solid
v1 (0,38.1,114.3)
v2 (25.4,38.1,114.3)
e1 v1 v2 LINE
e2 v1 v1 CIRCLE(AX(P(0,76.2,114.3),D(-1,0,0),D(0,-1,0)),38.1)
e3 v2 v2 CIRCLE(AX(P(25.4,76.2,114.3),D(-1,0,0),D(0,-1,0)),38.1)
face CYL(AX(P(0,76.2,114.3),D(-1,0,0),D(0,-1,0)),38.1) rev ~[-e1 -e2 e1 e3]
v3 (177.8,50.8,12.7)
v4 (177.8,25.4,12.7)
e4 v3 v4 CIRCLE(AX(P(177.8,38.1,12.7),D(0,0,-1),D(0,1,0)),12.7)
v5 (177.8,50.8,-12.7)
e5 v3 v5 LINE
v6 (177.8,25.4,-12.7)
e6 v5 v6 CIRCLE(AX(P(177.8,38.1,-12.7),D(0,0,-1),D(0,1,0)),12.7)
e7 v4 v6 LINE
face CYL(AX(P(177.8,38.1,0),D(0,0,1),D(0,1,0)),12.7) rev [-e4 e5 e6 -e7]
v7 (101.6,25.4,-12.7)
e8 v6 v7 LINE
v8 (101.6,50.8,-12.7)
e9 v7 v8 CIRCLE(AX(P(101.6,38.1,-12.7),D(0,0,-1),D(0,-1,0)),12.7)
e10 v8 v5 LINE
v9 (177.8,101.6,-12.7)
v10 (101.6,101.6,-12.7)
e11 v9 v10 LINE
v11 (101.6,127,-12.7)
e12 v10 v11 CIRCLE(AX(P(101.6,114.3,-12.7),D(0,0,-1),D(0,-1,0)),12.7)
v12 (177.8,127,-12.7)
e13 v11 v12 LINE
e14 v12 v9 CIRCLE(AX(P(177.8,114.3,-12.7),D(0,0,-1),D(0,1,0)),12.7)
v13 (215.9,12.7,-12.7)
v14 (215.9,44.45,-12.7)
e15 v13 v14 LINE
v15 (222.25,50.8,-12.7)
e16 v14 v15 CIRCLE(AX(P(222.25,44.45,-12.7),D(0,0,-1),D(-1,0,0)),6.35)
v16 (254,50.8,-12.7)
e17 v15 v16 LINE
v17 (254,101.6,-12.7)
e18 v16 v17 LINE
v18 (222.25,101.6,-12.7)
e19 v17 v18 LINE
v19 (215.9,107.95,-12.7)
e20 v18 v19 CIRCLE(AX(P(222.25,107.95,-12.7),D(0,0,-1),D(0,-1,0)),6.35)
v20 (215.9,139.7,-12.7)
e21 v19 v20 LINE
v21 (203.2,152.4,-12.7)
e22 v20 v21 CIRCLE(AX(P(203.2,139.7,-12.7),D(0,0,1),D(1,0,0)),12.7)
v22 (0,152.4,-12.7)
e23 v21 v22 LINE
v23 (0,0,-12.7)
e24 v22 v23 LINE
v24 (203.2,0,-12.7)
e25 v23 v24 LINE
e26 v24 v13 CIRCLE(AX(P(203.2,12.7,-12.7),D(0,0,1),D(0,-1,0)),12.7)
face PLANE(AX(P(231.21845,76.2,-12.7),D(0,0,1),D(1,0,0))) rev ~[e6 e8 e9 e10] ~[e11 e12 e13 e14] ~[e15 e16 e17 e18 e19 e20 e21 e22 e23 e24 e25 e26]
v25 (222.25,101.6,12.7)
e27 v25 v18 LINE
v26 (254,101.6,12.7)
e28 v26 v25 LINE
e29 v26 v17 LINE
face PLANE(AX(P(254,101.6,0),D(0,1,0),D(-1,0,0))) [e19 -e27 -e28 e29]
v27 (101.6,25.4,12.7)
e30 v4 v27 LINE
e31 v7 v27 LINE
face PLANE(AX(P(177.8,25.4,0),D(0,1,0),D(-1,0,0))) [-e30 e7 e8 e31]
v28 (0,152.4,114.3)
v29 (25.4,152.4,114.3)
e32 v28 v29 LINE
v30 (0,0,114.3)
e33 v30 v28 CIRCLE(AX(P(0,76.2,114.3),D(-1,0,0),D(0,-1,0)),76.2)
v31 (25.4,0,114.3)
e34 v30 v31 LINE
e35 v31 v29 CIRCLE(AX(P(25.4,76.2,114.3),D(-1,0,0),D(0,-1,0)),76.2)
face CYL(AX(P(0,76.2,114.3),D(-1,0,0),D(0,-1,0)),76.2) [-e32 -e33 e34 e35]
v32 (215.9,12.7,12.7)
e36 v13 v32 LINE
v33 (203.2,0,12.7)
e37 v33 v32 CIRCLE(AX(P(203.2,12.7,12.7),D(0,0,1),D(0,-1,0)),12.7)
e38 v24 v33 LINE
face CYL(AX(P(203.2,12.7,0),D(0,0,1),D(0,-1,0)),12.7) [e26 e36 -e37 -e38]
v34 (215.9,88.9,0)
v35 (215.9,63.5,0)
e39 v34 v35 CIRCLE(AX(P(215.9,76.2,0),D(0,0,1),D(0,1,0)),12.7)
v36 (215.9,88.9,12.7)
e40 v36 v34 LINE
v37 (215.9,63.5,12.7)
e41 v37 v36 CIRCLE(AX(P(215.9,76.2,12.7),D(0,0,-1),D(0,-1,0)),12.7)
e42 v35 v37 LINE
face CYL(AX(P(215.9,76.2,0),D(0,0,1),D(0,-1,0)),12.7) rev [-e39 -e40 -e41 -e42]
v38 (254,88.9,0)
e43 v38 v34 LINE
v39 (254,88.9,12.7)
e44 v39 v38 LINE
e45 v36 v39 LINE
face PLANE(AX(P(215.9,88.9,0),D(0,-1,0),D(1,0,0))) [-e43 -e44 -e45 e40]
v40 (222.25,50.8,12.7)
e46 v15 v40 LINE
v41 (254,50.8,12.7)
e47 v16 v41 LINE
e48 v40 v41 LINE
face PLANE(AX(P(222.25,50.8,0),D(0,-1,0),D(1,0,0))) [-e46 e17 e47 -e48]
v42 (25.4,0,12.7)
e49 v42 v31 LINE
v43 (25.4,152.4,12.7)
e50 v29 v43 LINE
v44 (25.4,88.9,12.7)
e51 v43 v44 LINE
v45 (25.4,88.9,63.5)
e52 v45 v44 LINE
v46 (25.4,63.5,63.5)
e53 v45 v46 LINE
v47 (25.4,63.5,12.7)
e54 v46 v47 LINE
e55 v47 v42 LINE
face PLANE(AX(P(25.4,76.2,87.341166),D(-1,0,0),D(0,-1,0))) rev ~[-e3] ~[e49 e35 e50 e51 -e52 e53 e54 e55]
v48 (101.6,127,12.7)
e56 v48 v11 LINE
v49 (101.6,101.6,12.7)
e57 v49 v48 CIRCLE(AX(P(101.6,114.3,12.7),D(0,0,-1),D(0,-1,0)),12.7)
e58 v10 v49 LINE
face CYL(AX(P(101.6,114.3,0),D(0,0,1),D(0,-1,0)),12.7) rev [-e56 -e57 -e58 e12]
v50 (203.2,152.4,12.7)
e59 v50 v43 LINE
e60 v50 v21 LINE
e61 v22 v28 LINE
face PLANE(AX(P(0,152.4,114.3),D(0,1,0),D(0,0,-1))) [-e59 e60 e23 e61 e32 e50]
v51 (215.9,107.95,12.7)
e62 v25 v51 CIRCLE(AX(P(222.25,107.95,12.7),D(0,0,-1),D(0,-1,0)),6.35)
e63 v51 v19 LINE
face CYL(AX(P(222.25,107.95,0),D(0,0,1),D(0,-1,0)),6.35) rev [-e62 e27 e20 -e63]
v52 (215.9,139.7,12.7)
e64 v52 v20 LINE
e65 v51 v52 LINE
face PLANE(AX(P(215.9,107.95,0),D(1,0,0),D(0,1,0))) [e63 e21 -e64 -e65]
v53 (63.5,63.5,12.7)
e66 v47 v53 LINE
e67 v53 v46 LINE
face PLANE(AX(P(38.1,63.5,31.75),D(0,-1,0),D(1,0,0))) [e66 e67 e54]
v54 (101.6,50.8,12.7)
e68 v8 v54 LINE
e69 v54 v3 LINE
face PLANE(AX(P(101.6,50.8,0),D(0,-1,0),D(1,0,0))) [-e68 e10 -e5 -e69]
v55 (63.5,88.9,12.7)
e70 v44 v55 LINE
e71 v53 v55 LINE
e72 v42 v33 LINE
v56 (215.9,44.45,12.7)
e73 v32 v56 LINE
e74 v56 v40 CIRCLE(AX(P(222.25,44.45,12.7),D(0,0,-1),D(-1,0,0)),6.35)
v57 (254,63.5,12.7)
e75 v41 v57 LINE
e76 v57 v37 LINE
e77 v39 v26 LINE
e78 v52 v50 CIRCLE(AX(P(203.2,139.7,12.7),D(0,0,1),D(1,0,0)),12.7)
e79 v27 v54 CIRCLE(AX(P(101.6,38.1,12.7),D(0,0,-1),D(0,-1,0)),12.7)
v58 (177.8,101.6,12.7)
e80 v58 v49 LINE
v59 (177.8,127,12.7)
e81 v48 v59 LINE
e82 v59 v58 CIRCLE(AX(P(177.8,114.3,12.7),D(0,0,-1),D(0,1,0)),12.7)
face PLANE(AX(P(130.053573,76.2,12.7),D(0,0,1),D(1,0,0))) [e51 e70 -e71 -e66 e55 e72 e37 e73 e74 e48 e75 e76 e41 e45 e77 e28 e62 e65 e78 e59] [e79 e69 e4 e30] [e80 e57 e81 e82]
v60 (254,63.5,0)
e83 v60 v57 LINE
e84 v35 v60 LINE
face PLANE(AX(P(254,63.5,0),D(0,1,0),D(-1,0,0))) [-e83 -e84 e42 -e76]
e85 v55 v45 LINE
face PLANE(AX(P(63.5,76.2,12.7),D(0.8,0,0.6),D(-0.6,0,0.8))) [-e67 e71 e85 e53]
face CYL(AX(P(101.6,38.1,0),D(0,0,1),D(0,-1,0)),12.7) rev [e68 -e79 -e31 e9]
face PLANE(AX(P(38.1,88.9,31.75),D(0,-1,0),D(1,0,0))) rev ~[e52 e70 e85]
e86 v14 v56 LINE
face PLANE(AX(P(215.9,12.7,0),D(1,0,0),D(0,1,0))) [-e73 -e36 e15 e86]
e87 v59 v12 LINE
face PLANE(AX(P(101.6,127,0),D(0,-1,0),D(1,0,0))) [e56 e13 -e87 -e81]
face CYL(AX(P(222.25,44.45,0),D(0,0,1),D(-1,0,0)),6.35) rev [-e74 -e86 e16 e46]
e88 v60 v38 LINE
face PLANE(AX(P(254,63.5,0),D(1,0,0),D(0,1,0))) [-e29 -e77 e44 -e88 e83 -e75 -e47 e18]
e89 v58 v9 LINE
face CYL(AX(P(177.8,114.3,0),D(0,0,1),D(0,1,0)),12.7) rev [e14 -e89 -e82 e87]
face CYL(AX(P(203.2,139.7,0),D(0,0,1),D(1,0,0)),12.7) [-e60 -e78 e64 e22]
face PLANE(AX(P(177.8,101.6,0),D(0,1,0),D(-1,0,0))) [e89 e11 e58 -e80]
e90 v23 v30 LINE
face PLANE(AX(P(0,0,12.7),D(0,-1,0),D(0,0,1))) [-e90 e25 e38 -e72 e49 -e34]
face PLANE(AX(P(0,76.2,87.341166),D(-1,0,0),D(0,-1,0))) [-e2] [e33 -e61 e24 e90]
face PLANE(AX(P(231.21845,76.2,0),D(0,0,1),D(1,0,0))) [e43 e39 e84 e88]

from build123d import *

# Parameters (mm, degrees)
F1_DEPTH = 12.7
F2_DEPTH = 12.7
F3_R     = 38.1
F4_DEPTH = 25.4
F7_DEPTH = 12.7


with BuildPart() as f1:
    # F0 (on Top) → F1 (new body, symmetric)
    with BuildSketch(Plane.XY):
        with BuildLine():
            Line((0, 152.4), (0, 0))
            Line((0, 0), (203.2, 0))
            ThreePointArc((203.2, 0), (212.1802561211, 3.7197438789), (215.9, 12.7))
            Line((215.9, 12.7), (215.9, 44.45))
            ThreePointArc((215.9, 44.45), (217.7598719395, 48.9401280605), (222.25, 50.8))
            Line((222.25, 50.8), (254, 50.8))
            Line((254, 50.8), (254, 63.5))
            Line((254, 63.5), (215.9, 63.5))
            ThreePointArc((215.9, 63.5), (203.2, 76.2), (215.9, 88.9))
            Line((215.9, 88.9), (254, 88.9))
            Line((254, 88.9), (254, 101.6))
            Line((254, 101.6), (222.25, 101.6))
            ThreePointArc((222.25, 101.6), (217.7598719395, 103.4598719395), (215.9, 107.95))
            Line((215.9, 107.95), (215.9, 139.7))
            ThreePointArc((215.9, 139.7), (212.1802561211, 148.6802561211), (203.2, 152.4))
            Line((203.2, 152.4), (0, 152.4))
        make_face()
        with BuildLine():
            ThreePointArc((101.6, 25.4), (88.9, 38.1), (101.6, 50.8))
            Line((101.6, 50.8), (177.8, 50.8))
            ThreePointArc((177.8, 50.8), (190.5, 38.1), (177.8, 25.4))
            Line((177.8, 25.4), (101.6, 25.4))
        make_face(mode=Mode.SUBTRACT)
        with BuildLine():
            ThreePointArc((101.6, 101.6), (88.9, 114.3), (101.6, 127))
            Line((101.6, 127), (177.8, 127))
            ThreePointArc((177.8, 127), (190.5, 114.3), (177.8, 101.6))
            Line((177.8, 101.6), (101.6, 101.6))
        make_face(mode=Mode.SUBTRACT)
    extrude(amount=F1_DEPTH, both=True)

    # F0 (on Top) → F2 (join)
    with BuildSketch(Plane.XY):
        with BuildLine():
            Line((215.9, 63.5), (254, 63.5))
            Line((254, 63.5), (254, 88.9))
            Line((254, 88.9), (215.9, 88.9))
            ThreePointArc((215.9, 88.9), (203.2, 76.2), (215.9, 63.5))
        make_face()
    extrude(amount=-F2_DEPTH)

    # F3 (on face) → F4 (join)
    with BuildSketch(Plane(origin=(0, 0, 0), x_dir=(0, -1, 0), z_dir=(-1, 0, 0))):
        with BuildLine():
            Line((-152.4, 12.7), (0, 12.7))
            Line((0, 12.7), (0, 114.3))
            ThreePointArc((0, 114.3), (-76.2, 190.5), (-152.4, 114.3))
            Line((-152.4, 114.3), (-152.4, 12.7))
        make_face()
        with Locations((-76.2, 114.3)):
            Circle(F3_R, mode=Mode.SUBTRACT)
    extrude(amount=-F4_DEPTH)

    # F6 (on offset) → F7 (join, symmetric)
    with BuildSketch(Plane.XZ.offset(-76.2)):
        Polygon((63.5, 12.7), (25.4, 63.5), (25.4, 12.7), align=None)
    extrude(amount=F7_DEPTH, both=True)


solid = f1.part
